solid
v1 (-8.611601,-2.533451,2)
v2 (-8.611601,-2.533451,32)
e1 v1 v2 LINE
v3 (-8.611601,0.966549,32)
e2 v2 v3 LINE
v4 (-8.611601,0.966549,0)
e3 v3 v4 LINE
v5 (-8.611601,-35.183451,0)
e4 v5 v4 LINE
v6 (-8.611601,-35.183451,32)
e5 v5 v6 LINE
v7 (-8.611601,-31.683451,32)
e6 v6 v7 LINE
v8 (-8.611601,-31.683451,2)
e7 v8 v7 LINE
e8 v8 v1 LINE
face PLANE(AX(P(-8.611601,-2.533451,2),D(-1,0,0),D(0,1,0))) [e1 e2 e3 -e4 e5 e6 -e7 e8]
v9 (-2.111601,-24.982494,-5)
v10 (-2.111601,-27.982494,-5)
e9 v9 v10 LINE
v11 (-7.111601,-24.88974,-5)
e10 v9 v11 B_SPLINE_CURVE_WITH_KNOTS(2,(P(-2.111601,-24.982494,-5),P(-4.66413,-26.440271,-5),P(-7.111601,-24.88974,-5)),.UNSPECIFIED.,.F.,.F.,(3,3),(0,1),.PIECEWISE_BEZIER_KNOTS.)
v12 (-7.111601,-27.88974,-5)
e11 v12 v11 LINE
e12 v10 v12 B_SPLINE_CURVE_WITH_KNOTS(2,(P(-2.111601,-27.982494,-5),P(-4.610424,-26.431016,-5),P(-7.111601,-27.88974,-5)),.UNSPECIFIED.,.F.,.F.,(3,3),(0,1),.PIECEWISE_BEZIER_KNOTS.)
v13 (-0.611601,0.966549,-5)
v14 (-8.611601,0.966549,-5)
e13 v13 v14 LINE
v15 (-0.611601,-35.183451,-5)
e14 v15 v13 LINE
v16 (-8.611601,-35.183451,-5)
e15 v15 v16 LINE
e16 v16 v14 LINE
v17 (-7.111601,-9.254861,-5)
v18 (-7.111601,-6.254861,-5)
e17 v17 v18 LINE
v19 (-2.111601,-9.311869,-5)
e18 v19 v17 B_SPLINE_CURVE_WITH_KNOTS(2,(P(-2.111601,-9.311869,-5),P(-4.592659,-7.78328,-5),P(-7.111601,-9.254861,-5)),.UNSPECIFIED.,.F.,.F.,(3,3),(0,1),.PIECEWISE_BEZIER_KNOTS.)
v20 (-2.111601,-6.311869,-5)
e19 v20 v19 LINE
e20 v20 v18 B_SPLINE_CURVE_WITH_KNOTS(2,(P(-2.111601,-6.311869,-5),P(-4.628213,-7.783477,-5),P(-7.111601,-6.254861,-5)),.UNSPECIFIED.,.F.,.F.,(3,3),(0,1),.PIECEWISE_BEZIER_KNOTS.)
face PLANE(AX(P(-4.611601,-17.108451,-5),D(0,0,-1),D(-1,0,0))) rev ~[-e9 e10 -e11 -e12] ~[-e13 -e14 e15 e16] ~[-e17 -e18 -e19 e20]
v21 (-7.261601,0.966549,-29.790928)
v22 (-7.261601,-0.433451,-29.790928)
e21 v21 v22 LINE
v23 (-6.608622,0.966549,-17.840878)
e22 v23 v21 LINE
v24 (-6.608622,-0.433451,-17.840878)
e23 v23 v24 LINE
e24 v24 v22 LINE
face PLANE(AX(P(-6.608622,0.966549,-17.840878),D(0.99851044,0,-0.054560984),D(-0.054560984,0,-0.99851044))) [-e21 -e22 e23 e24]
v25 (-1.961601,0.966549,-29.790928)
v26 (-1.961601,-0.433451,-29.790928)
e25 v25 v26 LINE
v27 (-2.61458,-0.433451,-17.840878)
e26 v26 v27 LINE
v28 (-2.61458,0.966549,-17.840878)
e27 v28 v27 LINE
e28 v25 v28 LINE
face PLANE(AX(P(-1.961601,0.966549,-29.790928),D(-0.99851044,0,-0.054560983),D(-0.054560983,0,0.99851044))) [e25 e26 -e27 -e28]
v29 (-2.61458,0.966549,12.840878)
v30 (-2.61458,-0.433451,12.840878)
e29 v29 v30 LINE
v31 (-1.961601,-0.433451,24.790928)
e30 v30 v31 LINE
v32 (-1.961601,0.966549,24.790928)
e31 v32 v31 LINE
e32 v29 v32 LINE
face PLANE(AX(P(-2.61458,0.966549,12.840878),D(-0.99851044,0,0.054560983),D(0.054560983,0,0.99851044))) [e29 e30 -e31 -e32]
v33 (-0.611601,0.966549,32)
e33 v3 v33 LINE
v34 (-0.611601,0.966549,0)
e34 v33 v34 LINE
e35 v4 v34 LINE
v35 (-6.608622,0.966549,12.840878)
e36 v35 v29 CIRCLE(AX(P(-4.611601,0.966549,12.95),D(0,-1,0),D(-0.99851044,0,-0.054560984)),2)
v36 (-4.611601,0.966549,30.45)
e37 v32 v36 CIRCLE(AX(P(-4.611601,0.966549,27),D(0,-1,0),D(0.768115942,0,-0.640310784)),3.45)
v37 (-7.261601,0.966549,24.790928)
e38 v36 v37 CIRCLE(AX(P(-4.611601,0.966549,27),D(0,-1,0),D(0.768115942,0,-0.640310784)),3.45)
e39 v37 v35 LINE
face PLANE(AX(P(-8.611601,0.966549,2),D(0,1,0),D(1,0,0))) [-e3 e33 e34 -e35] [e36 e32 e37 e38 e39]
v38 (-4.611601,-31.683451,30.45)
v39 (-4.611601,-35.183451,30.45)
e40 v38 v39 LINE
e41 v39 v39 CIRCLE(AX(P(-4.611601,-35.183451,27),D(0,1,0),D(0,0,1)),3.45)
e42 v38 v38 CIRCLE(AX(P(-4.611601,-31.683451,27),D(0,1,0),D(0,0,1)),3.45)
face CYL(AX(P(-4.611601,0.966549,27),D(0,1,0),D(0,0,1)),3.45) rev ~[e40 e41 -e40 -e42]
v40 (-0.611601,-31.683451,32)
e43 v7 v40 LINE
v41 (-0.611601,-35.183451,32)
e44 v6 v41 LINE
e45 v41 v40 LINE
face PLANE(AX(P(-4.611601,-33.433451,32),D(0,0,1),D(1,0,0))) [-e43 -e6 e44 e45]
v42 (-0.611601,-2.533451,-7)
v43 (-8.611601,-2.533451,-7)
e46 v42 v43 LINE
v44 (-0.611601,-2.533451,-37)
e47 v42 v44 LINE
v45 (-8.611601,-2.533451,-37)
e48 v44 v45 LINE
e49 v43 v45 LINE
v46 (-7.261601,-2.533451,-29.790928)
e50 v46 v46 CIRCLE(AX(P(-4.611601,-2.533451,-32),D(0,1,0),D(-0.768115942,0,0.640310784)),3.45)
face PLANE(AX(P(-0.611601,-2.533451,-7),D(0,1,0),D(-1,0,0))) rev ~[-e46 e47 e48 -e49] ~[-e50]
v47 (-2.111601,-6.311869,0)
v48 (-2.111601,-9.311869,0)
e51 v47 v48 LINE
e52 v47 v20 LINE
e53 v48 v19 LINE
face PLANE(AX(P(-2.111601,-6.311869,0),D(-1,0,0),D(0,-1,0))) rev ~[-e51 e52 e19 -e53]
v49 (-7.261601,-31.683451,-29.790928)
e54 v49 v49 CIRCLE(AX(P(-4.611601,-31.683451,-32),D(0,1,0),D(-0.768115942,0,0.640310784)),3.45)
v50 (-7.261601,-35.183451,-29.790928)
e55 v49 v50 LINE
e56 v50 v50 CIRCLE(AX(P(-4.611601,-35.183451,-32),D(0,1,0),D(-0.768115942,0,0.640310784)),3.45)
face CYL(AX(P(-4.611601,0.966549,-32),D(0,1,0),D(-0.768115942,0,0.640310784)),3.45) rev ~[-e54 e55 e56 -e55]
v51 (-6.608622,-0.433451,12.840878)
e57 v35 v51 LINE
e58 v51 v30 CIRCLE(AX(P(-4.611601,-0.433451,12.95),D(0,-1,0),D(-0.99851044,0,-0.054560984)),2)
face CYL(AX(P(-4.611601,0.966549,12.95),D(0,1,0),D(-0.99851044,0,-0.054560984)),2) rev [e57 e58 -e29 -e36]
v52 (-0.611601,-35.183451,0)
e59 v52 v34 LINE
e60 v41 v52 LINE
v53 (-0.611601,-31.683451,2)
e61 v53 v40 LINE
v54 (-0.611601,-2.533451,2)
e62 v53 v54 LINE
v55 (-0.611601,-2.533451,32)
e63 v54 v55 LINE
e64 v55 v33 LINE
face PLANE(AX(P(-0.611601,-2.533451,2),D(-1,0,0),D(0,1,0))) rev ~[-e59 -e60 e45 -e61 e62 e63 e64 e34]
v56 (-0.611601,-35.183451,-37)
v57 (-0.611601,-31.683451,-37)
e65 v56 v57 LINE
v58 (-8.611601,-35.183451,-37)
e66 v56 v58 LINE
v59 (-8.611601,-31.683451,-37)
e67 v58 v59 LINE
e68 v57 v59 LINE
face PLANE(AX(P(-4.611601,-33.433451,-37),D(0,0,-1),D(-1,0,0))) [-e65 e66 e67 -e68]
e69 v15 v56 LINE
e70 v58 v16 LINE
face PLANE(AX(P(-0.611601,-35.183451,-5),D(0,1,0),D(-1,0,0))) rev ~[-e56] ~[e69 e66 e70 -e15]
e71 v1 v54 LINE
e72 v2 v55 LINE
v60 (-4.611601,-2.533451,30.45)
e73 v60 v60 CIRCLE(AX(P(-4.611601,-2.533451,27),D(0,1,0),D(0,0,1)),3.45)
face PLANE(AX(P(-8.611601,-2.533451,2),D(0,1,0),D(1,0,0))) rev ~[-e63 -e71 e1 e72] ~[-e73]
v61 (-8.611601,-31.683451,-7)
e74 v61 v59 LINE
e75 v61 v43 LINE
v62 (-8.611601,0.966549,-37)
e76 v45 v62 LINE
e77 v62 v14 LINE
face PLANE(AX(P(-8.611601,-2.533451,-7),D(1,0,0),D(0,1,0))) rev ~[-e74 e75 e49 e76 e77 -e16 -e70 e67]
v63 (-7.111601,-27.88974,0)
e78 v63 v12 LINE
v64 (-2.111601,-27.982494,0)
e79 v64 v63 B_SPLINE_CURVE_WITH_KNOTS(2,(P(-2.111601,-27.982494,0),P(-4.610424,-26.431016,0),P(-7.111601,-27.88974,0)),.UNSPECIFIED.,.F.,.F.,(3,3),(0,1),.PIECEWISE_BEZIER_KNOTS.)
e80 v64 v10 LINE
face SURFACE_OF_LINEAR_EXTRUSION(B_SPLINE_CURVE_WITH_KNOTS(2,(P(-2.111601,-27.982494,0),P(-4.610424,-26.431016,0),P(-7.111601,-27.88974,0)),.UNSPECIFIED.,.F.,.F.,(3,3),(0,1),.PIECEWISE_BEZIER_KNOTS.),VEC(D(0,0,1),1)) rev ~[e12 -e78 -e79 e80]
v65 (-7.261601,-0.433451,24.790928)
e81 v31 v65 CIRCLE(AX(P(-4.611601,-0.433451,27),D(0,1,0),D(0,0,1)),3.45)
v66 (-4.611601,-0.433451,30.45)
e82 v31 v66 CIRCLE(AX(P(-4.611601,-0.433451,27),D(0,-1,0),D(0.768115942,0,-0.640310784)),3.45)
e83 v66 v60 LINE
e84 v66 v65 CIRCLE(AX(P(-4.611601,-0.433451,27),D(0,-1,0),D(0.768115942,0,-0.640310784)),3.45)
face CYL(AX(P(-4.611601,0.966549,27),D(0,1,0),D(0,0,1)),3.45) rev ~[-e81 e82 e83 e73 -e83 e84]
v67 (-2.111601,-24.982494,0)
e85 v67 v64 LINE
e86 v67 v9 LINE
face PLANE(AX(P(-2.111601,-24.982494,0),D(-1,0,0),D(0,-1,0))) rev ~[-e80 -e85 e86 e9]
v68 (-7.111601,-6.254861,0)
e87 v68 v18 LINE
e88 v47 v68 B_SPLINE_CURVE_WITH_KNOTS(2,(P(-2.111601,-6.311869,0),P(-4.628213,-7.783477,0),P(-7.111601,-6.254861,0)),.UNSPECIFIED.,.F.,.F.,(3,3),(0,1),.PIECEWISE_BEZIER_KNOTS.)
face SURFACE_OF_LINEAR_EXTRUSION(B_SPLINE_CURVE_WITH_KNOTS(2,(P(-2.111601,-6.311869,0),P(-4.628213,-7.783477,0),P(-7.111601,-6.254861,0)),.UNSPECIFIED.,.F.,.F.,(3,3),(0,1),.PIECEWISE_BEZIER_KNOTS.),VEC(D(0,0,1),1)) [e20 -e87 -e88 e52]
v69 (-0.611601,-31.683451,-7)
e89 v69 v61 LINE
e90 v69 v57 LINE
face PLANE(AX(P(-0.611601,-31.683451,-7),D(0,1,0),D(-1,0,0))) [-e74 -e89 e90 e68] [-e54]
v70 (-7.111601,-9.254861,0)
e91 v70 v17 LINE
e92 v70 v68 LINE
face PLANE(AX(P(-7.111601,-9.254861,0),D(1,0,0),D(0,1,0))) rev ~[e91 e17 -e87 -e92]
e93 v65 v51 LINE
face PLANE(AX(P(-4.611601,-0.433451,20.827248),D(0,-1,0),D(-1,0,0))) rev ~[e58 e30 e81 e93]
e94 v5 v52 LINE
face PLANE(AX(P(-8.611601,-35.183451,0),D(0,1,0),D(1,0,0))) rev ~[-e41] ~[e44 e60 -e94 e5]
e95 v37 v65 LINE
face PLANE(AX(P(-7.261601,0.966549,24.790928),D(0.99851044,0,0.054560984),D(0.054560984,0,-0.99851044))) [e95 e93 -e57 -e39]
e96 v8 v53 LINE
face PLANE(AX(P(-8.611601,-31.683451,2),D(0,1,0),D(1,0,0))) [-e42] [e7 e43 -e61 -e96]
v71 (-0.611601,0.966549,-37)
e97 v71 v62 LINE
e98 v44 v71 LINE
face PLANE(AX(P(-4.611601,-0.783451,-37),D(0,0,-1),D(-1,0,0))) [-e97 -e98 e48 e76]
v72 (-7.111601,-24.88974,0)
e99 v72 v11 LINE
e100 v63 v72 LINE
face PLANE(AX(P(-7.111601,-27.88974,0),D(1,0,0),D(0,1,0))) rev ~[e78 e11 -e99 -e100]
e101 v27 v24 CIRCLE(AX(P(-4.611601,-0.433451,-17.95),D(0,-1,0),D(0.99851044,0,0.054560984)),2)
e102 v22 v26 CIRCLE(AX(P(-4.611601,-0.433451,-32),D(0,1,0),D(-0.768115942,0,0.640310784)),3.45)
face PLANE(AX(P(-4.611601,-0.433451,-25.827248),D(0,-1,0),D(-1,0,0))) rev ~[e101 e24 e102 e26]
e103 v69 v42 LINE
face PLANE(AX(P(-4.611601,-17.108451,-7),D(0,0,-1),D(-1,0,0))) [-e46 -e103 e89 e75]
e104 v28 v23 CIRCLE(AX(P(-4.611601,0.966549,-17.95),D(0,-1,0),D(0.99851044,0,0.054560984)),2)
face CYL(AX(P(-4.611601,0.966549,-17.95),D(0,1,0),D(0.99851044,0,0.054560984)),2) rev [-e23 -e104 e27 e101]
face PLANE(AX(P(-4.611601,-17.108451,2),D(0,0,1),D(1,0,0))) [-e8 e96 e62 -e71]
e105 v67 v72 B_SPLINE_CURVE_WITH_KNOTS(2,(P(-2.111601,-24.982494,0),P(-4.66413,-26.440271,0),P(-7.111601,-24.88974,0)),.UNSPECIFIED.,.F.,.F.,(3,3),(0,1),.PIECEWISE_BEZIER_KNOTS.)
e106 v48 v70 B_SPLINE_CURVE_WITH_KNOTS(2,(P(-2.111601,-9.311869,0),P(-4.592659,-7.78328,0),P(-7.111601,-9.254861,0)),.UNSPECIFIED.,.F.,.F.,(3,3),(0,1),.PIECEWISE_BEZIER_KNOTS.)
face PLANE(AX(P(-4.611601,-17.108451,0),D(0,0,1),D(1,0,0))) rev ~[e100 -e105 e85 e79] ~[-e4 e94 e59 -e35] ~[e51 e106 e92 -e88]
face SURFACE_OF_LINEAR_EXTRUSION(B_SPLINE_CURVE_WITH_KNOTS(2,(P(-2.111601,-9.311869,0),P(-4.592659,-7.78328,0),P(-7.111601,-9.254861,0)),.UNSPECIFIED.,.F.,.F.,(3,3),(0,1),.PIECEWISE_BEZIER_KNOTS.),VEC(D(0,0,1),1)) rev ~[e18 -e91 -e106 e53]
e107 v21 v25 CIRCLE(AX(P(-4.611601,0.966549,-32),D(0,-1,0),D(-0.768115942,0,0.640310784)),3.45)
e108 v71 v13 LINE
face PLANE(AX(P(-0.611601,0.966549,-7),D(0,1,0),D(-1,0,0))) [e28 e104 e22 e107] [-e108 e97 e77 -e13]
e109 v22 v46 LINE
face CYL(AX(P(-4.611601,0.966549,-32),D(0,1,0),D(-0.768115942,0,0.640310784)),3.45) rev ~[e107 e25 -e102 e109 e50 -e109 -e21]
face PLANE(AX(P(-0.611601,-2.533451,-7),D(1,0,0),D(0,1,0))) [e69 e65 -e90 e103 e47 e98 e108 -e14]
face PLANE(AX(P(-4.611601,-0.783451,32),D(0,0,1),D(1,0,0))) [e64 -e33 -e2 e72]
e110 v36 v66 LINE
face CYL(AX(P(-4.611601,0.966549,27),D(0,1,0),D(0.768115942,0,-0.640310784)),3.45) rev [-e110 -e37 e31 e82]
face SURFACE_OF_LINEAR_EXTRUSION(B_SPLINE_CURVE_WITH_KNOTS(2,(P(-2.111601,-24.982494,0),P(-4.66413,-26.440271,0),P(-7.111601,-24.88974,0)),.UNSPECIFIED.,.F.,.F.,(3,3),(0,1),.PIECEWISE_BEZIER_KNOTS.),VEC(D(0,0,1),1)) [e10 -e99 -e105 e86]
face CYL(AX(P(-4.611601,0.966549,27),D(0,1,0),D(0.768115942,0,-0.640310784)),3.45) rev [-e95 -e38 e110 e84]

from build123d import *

# Parameters (mm, degrees)
SKETCH2_W            = 8
SKETCH2_H            = 36.15
BOSS_EXTRUDE2_DEPTH  = 2
SKETCH11_W           = 8
SKETCH11_H           = 3.5
BOSS_EXTRUDE8_DEPTH  = 30
CUT_EXTRUDE1_DEPTH   = 1.4
BOSS_EXTRUDE9_DEPTH  = 5
SKETCH15_W           = 8
SKETCH15_H           = 36.15
BOSS_EXTRUDE10_DEPTH = 2
SKETCH16_W           = 8
SKETCH16_H           = 3.5
BOSS_EXTRUDE11_DEPTH = 30
CUT_EXTRUDE4_DEPTH   = 1.4
SKETCH22_R           = 3.45
CUT_EXTRUDE6_DEPTH   = 53.440272523
SKETCH23_R           = 3.45
CUT_EXTRUDE7_DEPTH   = 53.440272523


with BuildPart() as part:
    # Sketch2 → Boss-Extrude2 (new body)
    with BuildSketch(Plane.XY):
        with Locations((-4.61160109, -17.108451256)):
            Rectangle(SKETCH2_W, SKETCH2_H)
    extrude(amount=BOSS_EXTRUDE2_DEPTH)

    # Sketch11 → Boss-Extrude8 (add)
    with BuildSketch(Plane.XY.offset(2)):
        with Locations((-4.61160109, -0.783451256)):
            Rectangle(SKETCH11_W, SKETCH11_H)
        with Locations((-4.61160109, -33.433451256)):
            Rectangle(SKETCH11_W, SKETCH11_H)
    extrude(amount=BOSS_EXTRUDE8_DEPTH)

    # Sketch12 → Cut-Extrude1 (cut)
    with BuildSketch(Plane(origin=(0, 0.966548744, 0), x_dir=(1, 0, 0), z_dir=(0, 1, 0))):
        with BuildLine():
            Line((-2.614580209, -12.840878033), (-1.96160109, -24.790927797))
            ThreePointArc((-1.96160109, -24.790927797), (-4.61160109, -30.45), (-7.26160109, -24.790927797))
            Line((-7.26160109, -24.790927797), (-6.60862197, -12.840878033))
            ThreePointArc((-6.60862197, -12.840878033), (-4.61160109, -10.95), (-2.614580209, -12.840878033))
        make_face()
    extrude(amount=-CUT_EXTRUDE1_DEPTH, mode=Mode.SUBTRACT)

    # Sketch14 → Boss-Extrude9 (add)
    with BuildSketch(Plane(origin=(0, 0, 0), x_dir=(-1, 0, 0), z_dir=(0, 0, -1))):
        with BuildLine():
            Line((2.11160109, -6.31186882), (2.11160109, -9.31186882))
            add(Edge.make_bspline(
                [(2.11160109, -9.31186882), (4.5926591, -7.783279628), (7.11160109, -9.254861144)],
                knots=[0, 0, 0, 1, 1, 1], degree=2))
            Line((7.11160109, -9.254861144), (7.11160109, -6.254861144))
            add(Edge.make_bspline(
                [(2.11160109, -6.31186882), (4.628213222, -7.783477077), (7.11160109, -6.254861144)],
                knots=[0, 0, 0, 1, 1, 1], degree=2))
        make_face()
        with BuildLine():
            Line((2.11160109, -24.982494275), (2.11160109, -27.982494275))
            add(Edge.make_bspline(
                [(2.11160109, -27.982494275), (4.610423864, -26.431016384), (7.11160109, -27.889739685)],
                knots=[0, 0, 0, 1, 1, 1], degree=2))
            Line((7.11160109, -27.889739685), (7.11160109, -24.889739685))
            add(Edge.make_bspline(
                [(2.11160109, -24.982494275), (4.664129849, -26.440271128), (7.11160109, -24.889739685)],
                knots=[0, 0, 0, 1, 1, 1], degree=2))
        make_face()
    extrude(amount=BOSS_EXTRUDE9_DEPTH)

    # Sketch15 → Boss-Extrude10 (add)
    with BuildSketch(Plane(origin=(0, 0, -5), x_dir=(-1, 0, 0), z_dir=(0, 0, -1))):
        with Locations((4.61160109, -17.108451256)):
            Rectangle(SKETCH15_W, SKETCH15_H)
    extrude(amount=BOSS_EXTRUDE10_DEPTH)

    # Sketch16 → Boss-Extrude11 (add)
    with BuildSketch(Plane(origin=(0, 0, -7), x_dir=(-1, 0, 0), z_dir=(0, 0, -1))):
        with Locations((4.61160109, -0.783451256)):
            Rectangle(SKETCH16_W, SKETCH16_H)
        with Locations((4.61160109, -33.433451256)):
            Rectangle(SKETCH16_W, SKETCH16_H)
    extrude(amount=BOSS_EXTRUDE11_DEPTH)

    # Sketch20 → Cut-Extrude4 (cut)
    with BuildSketch(Plane(origin=(0, 0.966548744, 0), x_dir=(1, 0, 0), z_dir=(0, 1, 0))):
        with BuildLine():
            Line((-6.60862197, 17.840878033), (-7.26160109, 29.790927797))
            ThreePointArc((-7.26160109, 29.790927797), (-4.61160109, 35.45), (-1.96160109, 29.790927797))
            Line((-1.96160109, 29.790927797), (-2.614580209, 17.840878033))
            ThreePointArc((-2.614580209, 17.840878033), (-4.61160109, 15.95), (-6.60862197, 17.840878033))
        make_face()
    extrude(amount=-CUT_EXTRUDE4_DEPTH, mode=Mode.SUBTRACT)

    # Sketch22 → Cut-Extrude6 (cut, through all)
    with BuildSketch(Plane(origin=(0, 0.966548744, 0), x_dir=(1, 0, 0), z_dir=(0, 1, 0))):
        with Locations(Location((-4.61160109, -27, 0), (0, 0, 270))):
            Circle(SKETCH22_R)
    extrude(amount=-CUT_EXTRUDE6_DEPTH, mode=Mode.SUBTRACT)

    # Sketch23 → Cut-Extrude7 (cut, through all)
    with BuildSketch(Plane(origin=(0, 0.966548744, 0), x_dir=(1, 0, 0), z_dir=(0, 1, 0))):
        with Locations(Location((-4.61160109, 32, 0), (0, 0, 219.814997755))):
            Circle(SKETCH23_R)
    extrude(amount=-CUT_EXTRUDE7_DEPTH, mode=Mode.SUBTRACT)


solid = part.part
